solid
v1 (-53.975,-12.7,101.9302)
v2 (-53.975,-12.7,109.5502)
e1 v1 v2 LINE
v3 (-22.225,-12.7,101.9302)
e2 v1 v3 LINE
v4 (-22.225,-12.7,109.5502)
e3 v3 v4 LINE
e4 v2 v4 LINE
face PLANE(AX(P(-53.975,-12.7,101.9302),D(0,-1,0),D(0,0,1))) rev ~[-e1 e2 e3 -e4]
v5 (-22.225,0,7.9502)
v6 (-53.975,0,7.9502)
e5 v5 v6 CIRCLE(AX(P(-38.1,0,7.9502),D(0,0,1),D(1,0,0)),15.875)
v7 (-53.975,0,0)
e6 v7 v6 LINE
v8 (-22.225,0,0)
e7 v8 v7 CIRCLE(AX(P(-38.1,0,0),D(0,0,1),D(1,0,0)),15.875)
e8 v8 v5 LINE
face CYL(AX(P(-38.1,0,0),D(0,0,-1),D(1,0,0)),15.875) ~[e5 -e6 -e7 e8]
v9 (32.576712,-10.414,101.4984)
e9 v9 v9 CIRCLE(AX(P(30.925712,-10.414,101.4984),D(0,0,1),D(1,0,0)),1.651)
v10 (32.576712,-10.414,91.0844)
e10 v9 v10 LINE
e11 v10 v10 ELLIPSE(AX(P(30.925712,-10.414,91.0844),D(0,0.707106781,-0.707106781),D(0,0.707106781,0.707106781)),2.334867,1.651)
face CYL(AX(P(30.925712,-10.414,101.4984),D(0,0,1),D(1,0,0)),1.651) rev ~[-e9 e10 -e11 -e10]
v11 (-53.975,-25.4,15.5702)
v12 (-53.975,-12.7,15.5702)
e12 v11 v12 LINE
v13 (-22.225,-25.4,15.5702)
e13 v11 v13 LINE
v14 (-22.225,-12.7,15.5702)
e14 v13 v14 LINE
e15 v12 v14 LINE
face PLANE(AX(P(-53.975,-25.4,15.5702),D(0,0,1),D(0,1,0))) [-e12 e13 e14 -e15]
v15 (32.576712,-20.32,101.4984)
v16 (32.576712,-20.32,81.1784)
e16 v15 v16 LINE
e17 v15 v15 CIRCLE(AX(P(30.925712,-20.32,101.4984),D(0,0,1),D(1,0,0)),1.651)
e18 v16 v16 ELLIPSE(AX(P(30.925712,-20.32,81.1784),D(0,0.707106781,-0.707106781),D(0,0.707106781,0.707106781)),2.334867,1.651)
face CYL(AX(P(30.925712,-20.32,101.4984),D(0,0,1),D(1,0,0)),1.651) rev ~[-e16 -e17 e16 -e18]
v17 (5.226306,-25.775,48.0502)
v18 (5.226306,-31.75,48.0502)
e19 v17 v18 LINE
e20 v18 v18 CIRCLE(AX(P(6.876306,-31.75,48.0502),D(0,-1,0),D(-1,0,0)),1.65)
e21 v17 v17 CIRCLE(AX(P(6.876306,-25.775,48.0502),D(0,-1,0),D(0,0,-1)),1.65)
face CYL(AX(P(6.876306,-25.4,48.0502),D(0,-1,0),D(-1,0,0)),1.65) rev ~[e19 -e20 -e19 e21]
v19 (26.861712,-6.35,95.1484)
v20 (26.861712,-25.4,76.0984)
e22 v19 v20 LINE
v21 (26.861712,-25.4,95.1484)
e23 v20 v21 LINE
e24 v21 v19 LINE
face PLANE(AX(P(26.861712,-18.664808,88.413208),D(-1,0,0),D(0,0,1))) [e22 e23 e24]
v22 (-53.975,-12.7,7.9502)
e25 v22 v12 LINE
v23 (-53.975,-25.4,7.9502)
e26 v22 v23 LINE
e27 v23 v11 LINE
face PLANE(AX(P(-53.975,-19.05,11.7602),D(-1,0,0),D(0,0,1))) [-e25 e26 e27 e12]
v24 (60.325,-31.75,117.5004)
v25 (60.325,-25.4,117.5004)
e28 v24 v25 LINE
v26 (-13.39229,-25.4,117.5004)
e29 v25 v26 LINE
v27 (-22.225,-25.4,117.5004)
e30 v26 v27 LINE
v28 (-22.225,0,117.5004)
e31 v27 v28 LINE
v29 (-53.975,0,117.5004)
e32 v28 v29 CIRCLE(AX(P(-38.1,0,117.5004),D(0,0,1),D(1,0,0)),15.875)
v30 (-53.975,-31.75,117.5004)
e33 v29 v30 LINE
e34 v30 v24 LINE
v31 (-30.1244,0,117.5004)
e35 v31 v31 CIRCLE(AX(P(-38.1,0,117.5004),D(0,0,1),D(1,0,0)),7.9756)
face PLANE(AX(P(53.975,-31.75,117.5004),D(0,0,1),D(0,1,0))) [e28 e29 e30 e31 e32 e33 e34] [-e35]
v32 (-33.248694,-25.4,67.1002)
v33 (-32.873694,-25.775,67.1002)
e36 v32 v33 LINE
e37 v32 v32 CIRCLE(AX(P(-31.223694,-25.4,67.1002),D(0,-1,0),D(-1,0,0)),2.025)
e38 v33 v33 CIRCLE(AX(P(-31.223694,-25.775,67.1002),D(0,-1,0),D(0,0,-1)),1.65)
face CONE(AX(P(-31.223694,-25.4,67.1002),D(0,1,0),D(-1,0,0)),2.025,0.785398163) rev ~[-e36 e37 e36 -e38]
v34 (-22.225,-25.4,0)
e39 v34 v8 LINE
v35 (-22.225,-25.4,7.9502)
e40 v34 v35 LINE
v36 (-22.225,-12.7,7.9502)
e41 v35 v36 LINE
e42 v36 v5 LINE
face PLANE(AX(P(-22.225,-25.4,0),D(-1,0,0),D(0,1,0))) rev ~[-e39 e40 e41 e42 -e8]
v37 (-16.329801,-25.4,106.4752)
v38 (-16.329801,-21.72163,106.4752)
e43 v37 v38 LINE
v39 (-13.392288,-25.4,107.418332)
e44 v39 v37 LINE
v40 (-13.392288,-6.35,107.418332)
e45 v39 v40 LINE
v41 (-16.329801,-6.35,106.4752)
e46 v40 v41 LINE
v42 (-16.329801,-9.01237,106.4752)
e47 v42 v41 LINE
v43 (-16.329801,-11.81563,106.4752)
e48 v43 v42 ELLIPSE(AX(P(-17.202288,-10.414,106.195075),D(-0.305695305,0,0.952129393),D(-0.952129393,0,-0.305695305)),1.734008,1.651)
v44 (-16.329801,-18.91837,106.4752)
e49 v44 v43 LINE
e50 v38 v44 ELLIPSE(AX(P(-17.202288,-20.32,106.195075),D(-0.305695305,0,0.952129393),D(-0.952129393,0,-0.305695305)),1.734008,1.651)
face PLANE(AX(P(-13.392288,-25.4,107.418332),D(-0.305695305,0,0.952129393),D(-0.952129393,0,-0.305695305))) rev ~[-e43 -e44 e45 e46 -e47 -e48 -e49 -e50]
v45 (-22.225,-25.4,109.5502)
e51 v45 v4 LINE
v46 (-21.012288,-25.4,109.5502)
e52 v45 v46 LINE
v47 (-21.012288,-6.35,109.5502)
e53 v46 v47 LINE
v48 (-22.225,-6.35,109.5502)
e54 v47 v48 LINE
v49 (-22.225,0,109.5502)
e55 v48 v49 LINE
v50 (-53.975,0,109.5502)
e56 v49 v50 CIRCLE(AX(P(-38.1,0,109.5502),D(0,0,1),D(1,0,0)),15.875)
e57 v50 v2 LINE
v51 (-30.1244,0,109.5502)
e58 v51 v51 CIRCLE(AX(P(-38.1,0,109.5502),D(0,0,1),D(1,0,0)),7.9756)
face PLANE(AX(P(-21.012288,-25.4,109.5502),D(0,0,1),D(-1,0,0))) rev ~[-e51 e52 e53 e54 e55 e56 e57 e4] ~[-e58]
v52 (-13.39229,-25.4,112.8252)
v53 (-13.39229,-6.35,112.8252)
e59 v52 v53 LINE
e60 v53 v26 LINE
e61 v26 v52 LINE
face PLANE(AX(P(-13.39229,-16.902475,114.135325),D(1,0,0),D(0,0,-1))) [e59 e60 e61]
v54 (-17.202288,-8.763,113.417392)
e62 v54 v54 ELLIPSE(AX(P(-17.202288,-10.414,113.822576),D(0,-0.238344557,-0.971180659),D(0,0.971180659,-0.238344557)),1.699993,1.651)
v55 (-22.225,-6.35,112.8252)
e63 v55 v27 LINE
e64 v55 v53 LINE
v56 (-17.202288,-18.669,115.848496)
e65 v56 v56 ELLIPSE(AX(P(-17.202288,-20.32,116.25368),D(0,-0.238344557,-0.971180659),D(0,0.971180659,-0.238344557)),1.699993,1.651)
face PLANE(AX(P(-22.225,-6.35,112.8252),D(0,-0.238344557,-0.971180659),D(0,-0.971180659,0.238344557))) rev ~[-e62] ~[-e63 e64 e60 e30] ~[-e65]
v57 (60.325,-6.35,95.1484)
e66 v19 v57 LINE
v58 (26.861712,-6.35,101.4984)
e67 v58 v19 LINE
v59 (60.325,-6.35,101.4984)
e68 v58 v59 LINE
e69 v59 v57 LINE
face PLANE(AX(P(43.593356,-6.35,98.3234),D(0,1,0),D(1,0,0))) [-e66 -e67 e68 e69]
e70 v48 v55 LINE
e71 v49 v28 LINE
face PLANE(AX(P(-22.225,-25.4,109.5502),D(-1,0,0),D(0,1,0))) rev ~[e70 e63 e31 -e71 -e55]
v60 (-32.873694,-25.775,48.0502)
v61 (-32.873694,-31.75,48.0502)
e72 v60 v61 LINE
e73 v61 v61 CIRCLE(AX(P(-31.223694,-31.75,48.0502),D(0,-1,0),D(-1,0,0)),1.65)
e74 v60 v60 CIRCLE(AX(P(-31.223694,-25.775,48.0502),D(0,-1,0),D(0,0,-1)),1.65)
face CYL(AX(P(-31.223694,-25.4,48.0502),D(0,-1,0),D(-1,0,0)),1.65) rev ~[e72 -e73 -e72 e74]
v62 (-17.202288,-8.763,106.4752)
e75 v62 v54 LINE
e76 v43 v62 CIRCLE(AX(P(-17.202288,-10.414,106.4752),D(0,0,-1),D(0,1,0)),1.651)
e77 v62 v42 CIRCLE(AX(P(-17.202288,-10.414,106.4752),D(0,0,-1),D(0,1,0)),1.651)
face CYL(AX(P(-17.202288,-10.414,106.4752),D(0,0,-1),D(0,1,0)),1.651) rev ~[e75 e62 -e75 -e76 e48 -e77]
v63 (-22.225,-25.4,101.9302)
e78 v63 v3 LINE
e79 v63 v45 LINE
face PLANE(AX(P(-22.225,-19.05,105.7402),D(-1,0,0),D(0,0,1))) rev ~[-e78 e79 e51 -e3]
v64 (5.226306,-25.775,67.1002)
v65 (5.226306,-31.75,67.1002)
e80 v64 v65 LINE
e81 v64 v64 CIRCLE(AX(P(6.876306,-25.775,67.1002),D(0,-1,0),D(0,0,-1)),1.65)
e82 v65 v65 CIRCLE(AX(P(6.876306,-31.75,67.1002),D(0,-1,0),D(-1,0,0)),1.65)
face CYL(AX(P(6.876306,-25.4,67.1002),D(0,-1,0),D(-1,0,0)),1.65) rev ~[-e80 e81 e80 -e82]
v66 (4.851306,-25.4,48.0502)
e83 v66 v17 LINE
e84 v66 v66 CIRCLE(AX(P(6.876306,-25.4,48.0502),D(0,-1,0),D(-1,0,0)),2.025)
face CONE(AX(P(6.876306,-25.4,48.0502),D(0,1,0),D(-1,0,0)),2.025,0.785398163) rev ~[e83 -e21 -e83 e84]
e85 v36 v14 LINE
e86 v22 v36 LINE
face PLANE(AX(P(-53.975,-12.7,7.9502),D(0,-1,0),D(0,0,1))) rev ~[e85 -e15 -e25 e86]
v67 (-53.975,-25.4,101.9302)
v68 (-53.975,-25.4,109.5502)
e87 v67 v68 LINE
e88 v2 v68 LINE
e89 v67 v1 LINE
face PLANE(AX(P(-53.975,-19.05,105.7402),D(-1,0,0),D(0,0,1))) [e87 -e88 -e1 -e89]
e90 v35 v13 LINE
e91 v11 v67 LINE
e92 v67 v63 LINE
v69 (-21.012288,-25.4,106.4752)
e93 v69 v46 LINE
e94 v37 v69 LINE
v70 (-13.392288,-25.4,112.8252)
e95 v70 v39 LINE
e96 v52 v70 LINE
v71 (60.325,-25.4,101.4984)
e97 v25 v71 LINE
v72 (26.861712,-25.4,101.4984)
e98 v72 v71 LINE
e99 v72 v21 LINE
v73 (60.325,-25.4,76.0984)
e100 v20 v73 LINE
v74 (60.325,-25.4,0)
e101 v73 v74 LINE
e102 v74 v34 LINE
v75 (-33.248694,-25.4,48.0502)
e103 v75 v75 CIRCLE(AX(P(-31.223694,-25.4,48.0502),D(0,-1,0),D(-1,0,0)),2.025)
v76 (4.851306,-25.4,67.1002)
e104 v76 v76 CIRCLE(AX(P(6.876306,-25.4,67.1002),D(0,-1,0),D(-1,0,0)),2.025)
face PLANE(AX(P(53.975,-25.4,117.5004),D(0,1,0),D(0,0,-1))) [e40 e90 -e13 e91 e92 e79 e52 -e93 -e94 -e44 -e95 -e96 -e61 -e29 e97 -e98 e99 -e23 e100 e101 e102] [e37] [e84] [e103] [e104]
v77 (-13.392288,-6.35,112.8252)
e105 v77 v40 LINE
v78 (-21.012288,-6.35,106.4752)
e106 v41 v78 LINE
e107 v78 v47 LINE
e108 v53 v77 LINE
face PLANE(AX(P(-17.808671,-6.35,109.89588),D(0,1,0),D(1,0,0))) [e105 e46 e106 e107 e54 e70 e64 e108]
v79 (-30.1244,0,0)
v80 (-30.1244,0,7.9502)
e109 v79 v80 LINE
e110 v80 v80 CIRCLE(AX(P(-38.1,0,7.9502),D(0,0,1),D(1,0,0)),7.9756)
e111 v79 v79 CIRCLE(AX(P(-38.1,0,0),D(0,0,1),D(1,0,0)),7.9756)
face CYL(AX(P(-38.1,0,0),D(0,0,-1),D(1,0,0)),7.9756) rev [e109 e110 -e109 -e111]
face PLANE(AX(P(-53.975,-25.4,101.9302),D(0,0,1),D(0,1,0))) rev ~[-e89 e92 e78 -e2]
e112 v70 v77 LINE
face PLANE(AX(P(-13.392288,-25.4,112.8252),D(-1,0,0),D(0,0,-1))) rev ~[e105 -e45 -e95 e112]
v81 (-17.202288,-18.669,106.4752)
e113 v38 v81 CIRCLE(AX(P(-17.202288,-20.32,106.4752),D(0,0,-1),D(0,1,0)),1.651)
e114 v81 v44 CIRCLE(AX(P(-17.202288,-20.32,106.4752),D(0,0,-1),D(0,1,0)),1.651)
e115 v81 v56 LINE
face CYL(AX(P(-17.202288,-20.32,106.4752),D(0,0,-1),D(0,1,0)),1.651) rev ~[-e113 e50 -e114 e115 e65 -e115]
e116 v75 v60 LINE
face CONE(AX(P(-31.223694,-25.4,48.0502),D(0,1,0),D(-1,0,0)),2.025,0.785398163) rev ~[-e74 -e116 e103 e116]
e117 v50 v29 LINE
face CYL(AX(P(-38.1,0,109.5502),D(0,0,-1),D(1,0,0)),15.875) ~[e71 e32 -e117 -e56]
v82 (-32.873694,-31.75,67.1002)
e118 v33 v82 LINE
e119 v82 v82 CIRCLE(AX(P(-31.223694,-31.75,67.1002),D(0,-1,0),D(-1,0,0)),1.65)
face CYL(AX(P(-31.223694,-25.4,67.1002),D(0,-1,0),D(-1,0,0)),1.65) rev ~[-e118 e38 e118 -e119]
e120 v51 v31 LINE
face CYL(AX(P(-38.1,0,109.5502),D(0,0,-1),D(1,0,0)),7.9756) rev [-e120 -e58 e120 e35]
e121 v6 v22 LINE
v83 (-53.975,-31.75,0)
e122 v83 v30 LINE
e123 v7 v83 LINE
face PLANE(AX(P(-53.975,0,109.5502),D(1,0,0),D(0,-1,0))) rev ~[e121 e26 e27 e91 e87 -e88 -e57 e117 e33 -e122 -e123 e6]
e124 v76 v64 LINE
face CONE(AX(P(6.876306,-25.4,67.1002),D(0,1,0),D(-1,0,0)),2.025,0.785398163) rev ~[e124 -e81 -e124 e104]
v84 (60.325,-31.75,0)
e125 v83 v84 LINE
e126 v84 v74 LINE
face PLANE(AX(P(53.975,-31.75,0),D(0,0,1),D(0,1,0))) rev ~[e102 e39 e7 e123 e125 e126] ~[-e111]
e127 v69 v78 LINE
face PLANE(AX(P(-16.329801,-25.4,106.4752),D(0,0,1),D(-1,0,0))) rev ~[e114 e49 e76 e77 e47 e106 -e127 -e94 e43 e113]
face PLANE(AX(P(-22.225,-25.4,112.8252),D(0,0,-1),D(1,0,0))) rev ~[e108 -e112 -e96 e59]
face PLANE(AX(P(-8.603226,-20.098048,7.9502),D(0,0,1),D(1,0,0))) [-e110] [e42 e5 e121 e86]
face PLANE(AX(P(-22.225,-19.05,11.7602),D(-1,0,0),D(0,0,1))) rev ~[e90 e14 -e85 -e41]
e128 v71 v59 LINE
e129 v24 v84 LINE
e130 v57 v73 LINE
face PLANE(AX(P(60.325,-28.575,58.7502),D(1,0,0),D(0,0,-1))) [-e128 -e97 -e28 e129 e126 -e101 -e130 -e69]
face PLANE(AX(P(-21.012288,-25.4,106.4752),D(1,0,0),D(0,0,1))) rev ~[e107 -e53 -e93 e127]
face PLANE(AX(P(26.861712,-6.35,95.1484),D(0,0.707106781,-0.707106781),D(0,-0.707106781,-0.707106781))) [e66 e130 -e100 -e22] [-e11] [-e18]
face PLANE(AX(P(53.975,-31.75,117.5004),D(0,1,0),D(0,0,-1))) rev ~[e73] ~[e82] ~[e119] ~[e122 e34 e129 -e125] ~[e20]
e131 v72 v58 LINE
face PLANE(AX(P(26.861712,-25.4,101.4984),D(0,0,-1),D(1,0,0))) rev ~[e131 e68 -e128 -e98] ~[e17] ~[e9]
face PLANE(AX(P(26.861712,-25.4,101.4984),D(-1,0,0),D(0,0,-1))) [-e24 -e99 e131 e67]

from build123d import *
from build123d.topology import SkipClean

# Parameters (mm, degrees)
SKETCH2_R                       = 7.9756
BOSS_EXTRUDE1_DEPTH             = 7.9502
SKETCH3_W                       = 107.95
SKETCH3_H                       = 6.35
BOSS_EXTRUDE2_DEPTH             = 101.6
SKETCH4_R                       = 7.9756
BOSS_EXTRUDE3_DEPTH             = 7.9502
SKETCH5_W                       = 117.5004
SKETCH5_H                       = 6.35
BOSS_EXTRUDE4_DEPTH             = 6.35
SKETCH6_W                       = 33.463288309
SKETCH6_H                       = 6.35
BOSS_EXTRUDE5_DEPTH             = 19.05
BOSS_EXTRUDE6_START             = -33.463288
BOSS_EXTRUDE6_DEPTH             = 33.463288
BOSS_EXTRUDE8_DEPTH             = 8.83271
M4X0_7_TAPPED_HOLE1_D           = 3.3
M4X0_7_TAPPED_HOLE1_CSINK_D     = 4.05
M4X0_7_TAPPED_HOLE1_CSINK_ANGLE = 90
CUT_EXTRUDE1_REACH              = 124.266
SKETCH15_R                      = 1.651
CUT_EXTRUDE2_REACH              = 128.428
SKETCH18_R                      = 1.651
SKETCH19_W                      = 7.62
SKETCH19_H                      = 12.7
BOSS_EXTRUDE9_DEPTH             = 31.75


with BuildPart() as part:
    # Sketch2 → Boss-Extrude1 (new body)
    with BuildSketch(Plane.XY):
        with BuildLine():
            Line((-22.225, -25.4), (-22.225, 0))
            ThreePointArc((-22.225, 0), (-38.1, 15.875), (-53.975, 0))
            Line((-53.975, 0), (-53.975, -31.75))
            Line((-53.975, -31.75), (53.975, -31.75))
            Line((53.975, -31.75), (53.975, -25.4))
            Line((53.975, -25.4), (22.225, -25.4))
            Line((22.225, -25.4), (-22.225, -25.4))
        make_face()
        with Locations((-38.1, 0)):
            Circle(SKETCH2_R, mode=Mode.SUBTRACT)
    extrude(amount=BOSS_EXTRUDE1_DEPTH)

    # Sketch3 → Boss-Extrude2 (add)
    with BuildSketch(Plane.XY.offset(7.9502)):
        with Locations((0, -28.575)):
            Rectangle(SKETCH3_W, SKETCH3_H)
    extrude(amount=BOSS_EXTRUDE2_DEPTH)

    # Sketch4 → Boss-Extrude3 (add)
    with BuildSketch(Plane.XY.offset(109.5502)):
        with BuildLine():
            Line((-53.975, 0), (-53.975, -31.75))
            Line((-53.975, -31.75), (53.975, -31.75))
            Line((53.975, -31.75), (53.975, -25.4))
            Line((53.975, -25.4), (-22.225, -25.4))
            Line((-22.225, -25.4), (-22.225, 0))
            ThreePointArc((-22.225, 0), (-38.1, 15.875), (-53.975, 0))
        make_face()
        with Locations((-38.1, 0)):
            Circle(SKETCH4_R, mode=Mode.SUBTRACT)
    extrude(amount=BOSS_EXTRUDE3_DEPTH)

    # Sketch5 → Boss-Extrude4 (add)
    with BuildSketch(Plane(origin=(53.975, 0, 0), x_dir=(0, 0, -1), z_dir=(1, 0, 0))):
        with Locations((-58.7502, -28.575)):
            Rectangle(SKETCH5_W, SKETCH5_H)
    extrude(amount=BOSS_EXTRUDE4_DEPTH)

    # Sketch6 → Boss-Extrude5 (add)
    with BuildSketch(Plane(origin=(0, -25.4, 0), x_dir=(1, 0, 0), z_dir=(0, 1, 0))):
        with Locations((43.593355845, -98.3234)):
            Rectangle(SKETCH6_W, SKETCH6_H)
        Polygon((-13.392288309, -112.8252), (-13.392288309, -107.418332231), (-16.329801264, -106.4752), (-21.012288309, -106.4752), (-21.012288309, -109.5502), (-22.225, -109.5502), (-22.225, -112.8252), align=None)
    extrude(amount=BOSS_EXTRUDE5_DEPTH)

    # Sketch8 → Boss-Extrude6 (add)
    with SkipClean():  # the faces are left unmerged after this step: merging them gives an invalid solid
        with BuildSketch(Plane(origin=(60.325, 0, 0), x_dir=(0, 0, -1), z_dir=(1, 0, 0)).offset(BOSS_EXTRUDE6_START)):
            Polygon((-95.1484, -6.35), (-76.0984, -25.4), (-95.1484, -25.4), align=None)
        extrude(amount=BOSS_EXTRUDE6_DEPTH)

    # Sketch10 → Boss-Extrude8 (add)
    with SkipClean():  # the faces are left unmerged after this step: merging them gives an invalid solid
        with BuildSketch(Plane(origin=(-22.225, 0, 0), x_dir=(0, 0, -1), z_dir=(1, 0, 0))):
            Polygon((-112.8252, -6.35), (-117.5004, -25.4), (-112.8252, -25.4), align=None)
        extrude(amount=BOSS_EXTRUDE8_DEPTH)

    # M4x0.7 Tapped Hole1 (through all)
    with Locations(Plane(origin=(0, -25.4, 0), x_dir=(1, 0, 0), z_dir=(0, 1, 0))):
        with Locations((6.876306211, -48.0502), (6.876306211, -67.1002), (-31.223693789, -67.1002), (-31.223693789, -48.0502)):
            CounterSinkHole(M4X0_7_TAPPED_HOLE1_D / 2, M4X0_7_TAPPED_HOLE1_CSINK_D / 2, counter_sink_angle=M4X0_7_TAPPED_HOLE1_CSINK_ANGLE)

    # Cut-Extrude1: up to this plane
    with SkipClean():  # the faces are left unmerged after this step: merging them gives an invalid solid
        cut_extrude1_end = Plane(origin=(26.861711691, -6.35, 95.1484), z_dir=(0, 0.7071067811865517, -0.7071067811865435))
        # Sketch15 → Cut-Extrude1 (cut, up to the surface)
        with BuildSketch(Plane.XY.offset(101.4984), mode=Mode.PRIVATE) as cut_extrude1_sk1:
            with Locations((30.925711691, -10.414)):
                Circle(SKETCH15_R)
        cut_extrude1_tool1 = split(extrude(cut_extrude1_sk1.sketch, amount=-CUT_EXTRUDE1_REACH, mode=Mode.PRIVATE), bisect_by=cut_extrude1_end, keep=Keep.BOTH, mode=Mode.PRIVATE)
        add(cut_extrude1_tool1.solids().sort_by_distance((30.925712, -10.414, 101.4984))[0], mode=Mode.SUBTRACT)
        # Sketch15 → Cut-Extrude1 (cut, up to the surface)
        with BuildSketch(Plane.XY.offset(101.4984), mode=Mode.PRIVATE) as cut_extrude1_sk2:
            with Locations((30.925711691, -20.32)):
                Circle(SKETCH15_R)
        cut_extrude1_tool2 = split(extrude(cut_extrude1_sk2.sketch, amount=-CUT_EXTRUDE1_REACH, mode=Mode.PRIVATE), bisect_by=cut_extrude1_end, keep=Keep.BOTH, mode=Mode.PRIVATE)
        add(cut_extrude1_tool2.solids().sort_by_distance((30.925712, -20.32, 101.4984))[0], mode=Mode.SUBTRACT)

    # Cut-Extrude2: up to this plane
    with SkipClean():  # the faces are left unmerged after this step: merging them gives an invalid solid
        cut_extrude2_end = Plane(origin=(-13.392288309, -6.35, 112.8252), z_dir=(0, -0.23834455727061551, -0.9711806587960216))
        # Sketch18 → Cut-Extrude2 (cut, up to the surface)
        with BuildSketch(Plane(origin=(0, 0, 106.4752), x_dir=(-1, 0, 0), z_dir=(0, 0, -1)), mode=Mode.PRIVATE) as cut_extrude2_sk1:
            with Locations(Location((17.202288309, -10.414, 0), (0, 0, 90))):
                Circle(SKETCH18_R)
        cut_extrude2_tool1 = split(extrude(cut_extrude2_sk1.sketch, amount=-CUT_EXTRUDE2_REACH, mode=Mode.PRIVATE), bisect_by=cut_extrude2_end, keep=Keep.BOTH, mode=Mode.PRIVATE)
        add(cut_extrude2_tool1.solids().sort_by_distance((-17.202288, -10.414, 106.4752))[0], mode=Mode.SUBTRACT)
        # Sketch18 → Cut-Extrude2 (cut, up to the surface)
        with BuildSketch(Plane(origin=(0, 0, 106.4752), x_dir=(-1, 0, 0), z_dir=(0, 0, -1)), mode=Mode.PRIVATE) as cut_extrude2_sk2:
            with Locations(Location((17.202288309, -20.32, 0), (0, 0, 90))):
                Circle(SKETCH18_R)
        cut_extrude2_tool2 = split(extrude(cut_extrude2_sk2.sketch, amount=-CUT_EXTRUDE2_REACH, mode=Mode.PRIVATE), bisect_by=cut_extrude2_end, keep=Keep.BOTH, mode=Mode.PRIVATE)
        add(cut_extrude2_tool2.solids().sort_by_distance((-17.202288, -20.32, 106.4752))[0], mode=Mode.SUBTRACT)

    # Sketch19 → Boss-Extrude9 (add)
    with SkipClean():  # the faces are left unmerged after this step: merging them gives an invalid solid
        with BuildSketch(Plane.ZY.offset(53.975)):
            with Locations((11.7602, -19.05)):
                Rectangle(SKETCH19_W, SKETCH19_H)
            with Locations((105.7402, -19.05)):
                Rectangle(SKETCH19_W, SKETCH19_H)
        extrude(amount=-BOSS_EXTRUDE9_DEPTH)


solid = part.part
